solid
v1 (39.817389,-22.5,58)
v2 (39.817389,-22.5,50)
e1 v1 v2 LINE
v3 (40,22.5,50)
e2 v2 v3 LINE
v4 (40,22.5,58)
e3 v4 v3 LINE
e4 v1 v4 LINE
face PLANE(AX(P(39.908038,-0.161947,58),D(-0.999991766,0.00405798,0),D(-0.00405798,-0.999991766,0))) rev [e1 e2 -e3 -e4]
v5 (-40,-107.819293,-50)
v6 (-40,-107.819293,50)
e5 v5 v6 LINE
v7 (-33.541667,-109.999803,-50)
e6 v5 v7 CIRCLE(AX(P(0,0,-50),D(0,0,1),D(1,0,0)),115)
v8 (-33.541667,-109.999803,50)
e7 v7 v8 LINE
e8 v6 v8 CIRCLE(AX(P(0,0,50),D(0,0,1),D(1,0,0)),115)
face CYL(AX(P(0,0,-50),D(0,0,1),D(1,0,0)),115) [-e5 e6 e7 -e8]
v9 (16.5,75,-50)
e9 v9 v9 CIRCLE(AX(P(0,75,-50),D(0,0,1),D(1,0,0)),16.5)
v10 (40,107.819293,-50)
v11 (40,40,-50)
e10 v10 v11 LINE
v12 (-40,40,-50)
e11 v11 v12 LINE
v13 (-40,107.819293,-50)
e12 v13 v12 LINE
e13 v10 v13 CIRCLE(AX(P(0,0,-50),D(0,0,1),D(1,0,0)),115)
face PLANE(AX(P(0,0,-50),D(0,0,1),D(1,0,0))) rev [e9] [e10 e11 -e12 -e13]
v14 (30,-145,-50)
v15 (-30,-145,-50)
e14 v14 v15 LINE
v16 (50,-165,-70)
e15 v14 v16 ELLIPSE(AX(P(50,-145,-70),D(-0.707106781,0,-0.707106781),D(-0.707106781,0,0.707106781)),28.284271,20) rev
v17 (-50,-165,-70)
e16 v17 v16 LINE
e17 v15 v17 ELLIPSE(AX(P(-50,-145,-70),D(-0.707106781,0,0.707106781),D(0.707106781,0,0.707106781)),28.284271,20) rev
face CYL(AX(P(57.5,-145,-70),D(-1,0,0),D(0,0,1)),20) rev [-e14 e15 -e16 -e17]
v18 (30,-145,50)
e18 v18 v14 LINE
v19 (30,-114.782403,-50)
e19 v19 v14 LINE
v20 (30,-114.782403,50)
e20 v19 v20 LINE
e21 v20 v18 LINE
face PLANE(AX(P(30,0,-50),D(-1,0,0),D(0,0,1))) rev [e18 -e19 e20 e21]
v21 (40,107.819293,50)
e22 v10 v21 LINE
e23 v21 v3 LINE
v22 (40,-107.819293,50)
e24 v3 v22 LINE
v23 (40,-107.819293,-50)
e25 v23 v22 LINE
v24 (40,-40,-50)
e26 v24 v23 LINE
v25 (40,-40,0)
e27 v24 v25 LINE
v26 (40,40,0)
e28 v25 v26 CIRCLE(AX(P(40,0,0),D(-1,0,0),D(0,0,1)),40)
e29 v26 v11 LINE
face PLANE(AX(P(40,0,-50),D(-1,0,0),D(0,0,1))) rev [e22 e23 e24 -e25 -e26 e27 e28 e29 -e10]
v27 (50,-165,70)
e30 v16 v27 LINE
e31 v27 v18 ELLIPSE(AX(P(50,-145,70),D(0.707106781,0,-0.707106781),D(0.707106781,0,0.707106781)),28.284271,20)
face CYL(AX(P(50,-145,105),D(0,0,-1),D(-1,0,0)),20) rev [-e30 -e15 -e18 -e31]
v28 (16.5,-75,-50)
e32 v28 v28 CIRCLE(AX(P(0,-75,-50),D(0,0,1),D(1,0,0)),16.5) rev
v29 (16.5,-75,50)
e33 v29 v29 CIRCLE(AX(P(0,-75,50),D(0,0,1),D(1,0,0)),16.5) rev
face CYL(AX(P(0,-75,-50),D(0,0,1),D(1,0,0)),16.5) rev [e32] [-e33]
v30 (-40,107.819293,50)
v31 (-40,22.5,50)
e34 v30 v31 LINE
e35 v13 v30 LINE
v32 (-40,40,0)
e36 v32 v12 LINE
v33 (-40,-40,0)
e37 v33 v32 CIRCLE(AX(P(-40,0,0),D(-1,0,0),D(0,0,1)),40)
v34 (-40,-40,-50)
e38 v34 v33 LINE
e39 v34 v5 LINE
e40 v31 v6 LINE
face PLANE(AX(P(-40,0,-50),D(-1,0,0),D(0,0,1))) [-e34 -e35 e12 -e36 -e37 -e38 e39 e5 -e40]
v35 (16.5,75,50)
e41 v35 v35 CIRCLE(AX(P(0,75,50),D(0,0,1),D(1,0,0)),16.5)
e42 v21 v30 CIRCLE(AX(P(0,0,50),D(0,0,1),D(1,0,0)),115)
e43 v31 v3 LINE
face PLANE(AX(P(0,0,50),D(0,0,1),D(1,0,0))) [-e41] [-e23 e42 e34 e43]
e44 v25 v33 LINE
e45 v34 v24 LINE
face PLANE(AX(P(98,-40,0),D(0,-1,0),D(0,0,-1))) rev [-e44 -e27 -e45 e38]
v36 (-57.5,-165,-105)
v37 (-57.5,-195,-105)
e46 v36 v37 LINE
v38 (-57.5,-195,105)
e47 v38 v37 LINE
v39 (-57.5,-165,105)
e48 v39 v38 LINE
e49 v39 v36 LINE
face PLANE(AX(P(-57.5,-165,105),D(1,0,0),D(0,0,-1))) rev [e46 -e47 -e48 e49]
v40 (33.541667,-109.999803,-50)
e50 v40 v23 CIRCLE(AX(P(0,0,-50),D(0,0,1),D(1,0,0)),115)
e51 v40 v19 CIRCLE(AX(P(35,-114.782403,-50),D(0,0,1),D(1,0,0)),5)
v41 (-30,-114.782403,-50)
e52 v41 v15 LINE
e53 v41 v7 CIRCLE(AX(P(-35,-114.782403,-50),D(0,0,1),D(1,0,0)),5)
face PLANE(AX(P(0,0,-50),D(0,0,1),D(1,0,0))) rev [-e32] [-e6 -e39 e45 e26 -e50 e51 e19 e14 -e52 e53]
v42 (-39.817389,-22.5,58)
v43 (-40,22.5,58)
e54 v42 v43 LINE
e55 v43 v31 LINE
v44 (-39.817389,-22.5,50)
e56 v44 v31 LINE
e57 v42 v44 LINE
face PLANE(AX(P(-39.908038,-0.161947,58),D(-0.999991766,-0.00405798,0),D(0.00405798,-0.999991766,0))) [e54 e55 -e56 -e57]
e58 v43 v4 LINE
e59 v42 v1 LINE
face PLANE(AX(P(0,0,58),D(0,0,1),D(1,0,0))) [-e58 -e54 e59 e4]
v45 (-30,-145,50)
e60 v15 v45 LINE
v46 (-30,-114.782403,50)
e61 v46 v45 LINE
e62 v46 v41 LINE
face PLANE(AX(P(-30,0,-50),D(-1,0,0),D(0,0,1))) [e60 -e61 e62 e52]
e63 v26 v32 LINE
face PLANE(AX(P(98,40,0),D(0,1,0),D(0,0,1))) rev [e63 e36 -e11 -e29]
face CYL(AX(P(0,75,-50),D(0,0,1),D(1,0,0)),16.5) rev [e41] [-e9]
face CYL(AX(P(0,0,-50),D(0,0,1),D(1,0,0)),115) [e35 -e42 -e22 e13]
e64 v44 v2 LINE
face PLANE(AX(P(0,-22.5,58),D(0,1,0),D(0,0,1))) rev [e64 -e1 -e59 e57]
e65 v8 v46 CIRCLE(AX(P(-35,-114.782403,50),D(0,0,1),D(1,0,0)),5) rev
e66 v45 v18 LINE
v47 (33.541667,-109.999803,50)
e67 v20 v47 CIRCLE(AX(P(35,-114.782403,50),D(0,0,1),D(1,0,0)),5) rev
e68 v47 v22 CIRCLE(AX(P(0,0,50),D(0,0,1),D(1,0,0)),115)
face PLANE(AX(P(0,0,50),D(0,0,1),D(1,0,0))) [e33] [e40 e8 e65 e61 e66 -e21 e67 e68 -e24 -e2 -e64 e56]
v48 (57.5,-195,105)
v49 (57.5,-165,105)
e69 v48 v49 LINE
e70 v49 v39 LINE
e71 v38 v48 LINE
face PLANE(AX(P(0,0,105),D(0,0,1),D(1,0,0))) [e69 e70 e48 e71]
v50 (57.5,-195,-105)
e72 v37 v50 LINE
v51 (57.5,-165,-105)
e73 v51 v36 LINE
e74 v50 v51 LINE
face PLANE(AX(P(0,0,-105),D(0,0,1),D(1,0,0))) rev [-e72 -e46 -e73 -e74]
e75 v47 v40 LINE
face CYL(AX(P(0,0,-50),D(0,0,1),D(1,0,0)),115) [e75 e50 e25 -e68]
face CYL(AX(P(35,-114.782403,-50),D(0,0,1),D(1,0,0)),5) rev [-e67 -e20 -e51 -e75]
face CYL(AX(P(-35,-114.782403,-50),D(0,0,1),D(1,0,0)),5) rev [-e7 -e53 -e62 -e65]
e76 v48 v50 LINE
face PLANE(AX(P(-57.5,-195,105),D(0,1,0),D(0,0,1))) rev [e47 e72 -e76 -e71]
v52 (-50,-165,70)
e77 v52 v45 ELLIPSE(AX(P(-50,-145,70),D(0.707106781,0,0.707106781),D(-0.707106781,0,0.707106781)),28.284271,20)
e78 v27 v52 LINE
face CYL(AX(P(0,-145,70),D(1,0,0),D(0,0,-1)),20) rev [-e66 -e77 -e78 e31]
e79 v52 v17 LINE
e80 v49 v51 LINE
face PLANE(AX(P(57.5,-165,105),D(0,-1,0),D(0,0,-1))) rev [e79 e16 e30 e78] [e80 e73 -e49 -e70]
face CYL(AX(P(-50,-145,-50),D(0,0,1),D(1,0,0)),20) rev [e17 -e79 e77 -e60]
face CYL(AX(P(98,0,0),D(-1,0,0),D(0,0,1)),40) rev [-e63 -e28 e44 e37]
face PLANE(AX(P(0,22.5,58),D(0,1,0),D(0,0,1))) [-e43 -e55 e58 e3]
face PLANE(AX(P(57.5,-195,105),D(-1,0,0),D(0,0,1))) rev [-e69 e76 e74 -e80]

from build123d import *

# Parameters (mm, degrees)
SKETCH1_R           = 16.5
BOSS_EXTRUDE1_DEPTH = 50
SKETCH4_W           = 115
SKETCH4_H           = 30
BOSS_EXTRUDE2_DEPTH = 105
FILLET1_R           = 20
FILLET2_R           = 20
FILLET3_R           = 20
FILLET4_R           = 20
FILLET5_R           = 5
CUT_EXTRUDE2_DEPTH  = 138
BOSS_EXTRUDE4_DEPTH = 8


with BuildPart() as part:
    # Sketch1 → Boss-Extrude1 (new body, symmetric)
    with BuildSketch(Plane.XY):
        with BuildLine():
            Line((40, -107.819293264), (40, 0))
            Line((40, 0), (-40, 0))
            Line((-40, 0), (-40, -107.819293264))
            ThreePointArc((-40, -107.819293264), (-35.036523196, -109.532835453), (-30, -111.018016556))
            Line((-30, -111.018016556), (-30, -165))
            Line((-30, -165), (30, -165))
            Line((30, -165), (30, -111.018016556))
            ThreePointArc((30, -111.018016556), (35.036523196, -109.532835453), (40, -107.819293264))
        make_face()
        with Locations((0, -75)):
            Circle(SKETCH1_R, mode=Mode.SUBTRACT)
        with BuildLine():
            Line((-40, 0), (40, 0))
            Line((40, 0), (40, 107.819293264))
            ThreePointArc((40, 107.819293264), (0, 115), (-40, 107.819293264))
            Line((-40, 107.819293264), (-40, 0))
        make_face()
        with Locations((0, 75)):
            Circle(SKETCH1_R, mode=Mode.SUBTRACT)
    extrude(amount=BOSS_EXTRUDE1_DEPTH, both=True)

    # Sketch4 → Boss-Extrude2 (add, symmetric)
    with BuildSketch(Plane.XY):
        with Locations((0, -180)):
            Rectangle(SKETCH4_W, SKETCH4_H)
    extrude(amount=BOSS_EXTRUDE2_DEPTH, both=True)

    # Fillet1
    fillet1_edges = [part.edges().sort_by_distance(p)[0] for p in [
        (-30, -165, 0),
    ]]
    fillet(fillet1_edges, radius=FILLET1_R)

    # Fillet2
    fillet2_edges = [part.edges().sort_by_distance(p)[0] for p in [
        (0, -165, 50),
    ]]
    fillet(fillet2_edges, radius=FILLET2_R)

    # Fillet3
    fillet3_edges = [part.edges().sort_by_distance(p)[0] for p in [
        (0, -165, -50),
    ]]
    fillet(fillet3_edges, radius=FILLET3_R)

    # Fillet4
    fillet4_edges = [part.edges().sort_by_distance(p)[0] for p in [
        (30, -165, 0),
    ]]
    fillet(fillet4_edges, radius=FILLET4_R)

    # Fillet5
    fillet5_edges = [part.edges().sort_by_distance(p)[0] for p in [
        (-30, -111.018016556, 0),
        (30, -111.018016556, 0),
    ]]
    fillet(fillet5_edges, radius=FILLET5_R)

    # Sketch6 → Cut-Extrude2 (cut)
    with BuildSketch(Plane.ZY.offset(40)):
        with BuildLine():
            Line((0, 40), (-50, 40))
            Line((-50, 40), (-50, -40))
            Line((-50, -40), (0, -40))
            ThreePointArc((0, -40), (40, 0), (0, 40))
        make_face()
    extrude(amount=-CUT_EXTRUDE2_DEPTH, mode=Mode.SUBTRACT)

    # Sketch8 → Boss-Extrude4 (add)
    with BuildSketch(Plane.XY.offset(50)):
        Polygon((-39.81738938, -22.5), (-40, 22.5), (40, 22.5), (39.81738938, -22.5), align=None)
    extrude(amount=BOSS_EXTRUDE4_DEPTH)


solid = part.part
